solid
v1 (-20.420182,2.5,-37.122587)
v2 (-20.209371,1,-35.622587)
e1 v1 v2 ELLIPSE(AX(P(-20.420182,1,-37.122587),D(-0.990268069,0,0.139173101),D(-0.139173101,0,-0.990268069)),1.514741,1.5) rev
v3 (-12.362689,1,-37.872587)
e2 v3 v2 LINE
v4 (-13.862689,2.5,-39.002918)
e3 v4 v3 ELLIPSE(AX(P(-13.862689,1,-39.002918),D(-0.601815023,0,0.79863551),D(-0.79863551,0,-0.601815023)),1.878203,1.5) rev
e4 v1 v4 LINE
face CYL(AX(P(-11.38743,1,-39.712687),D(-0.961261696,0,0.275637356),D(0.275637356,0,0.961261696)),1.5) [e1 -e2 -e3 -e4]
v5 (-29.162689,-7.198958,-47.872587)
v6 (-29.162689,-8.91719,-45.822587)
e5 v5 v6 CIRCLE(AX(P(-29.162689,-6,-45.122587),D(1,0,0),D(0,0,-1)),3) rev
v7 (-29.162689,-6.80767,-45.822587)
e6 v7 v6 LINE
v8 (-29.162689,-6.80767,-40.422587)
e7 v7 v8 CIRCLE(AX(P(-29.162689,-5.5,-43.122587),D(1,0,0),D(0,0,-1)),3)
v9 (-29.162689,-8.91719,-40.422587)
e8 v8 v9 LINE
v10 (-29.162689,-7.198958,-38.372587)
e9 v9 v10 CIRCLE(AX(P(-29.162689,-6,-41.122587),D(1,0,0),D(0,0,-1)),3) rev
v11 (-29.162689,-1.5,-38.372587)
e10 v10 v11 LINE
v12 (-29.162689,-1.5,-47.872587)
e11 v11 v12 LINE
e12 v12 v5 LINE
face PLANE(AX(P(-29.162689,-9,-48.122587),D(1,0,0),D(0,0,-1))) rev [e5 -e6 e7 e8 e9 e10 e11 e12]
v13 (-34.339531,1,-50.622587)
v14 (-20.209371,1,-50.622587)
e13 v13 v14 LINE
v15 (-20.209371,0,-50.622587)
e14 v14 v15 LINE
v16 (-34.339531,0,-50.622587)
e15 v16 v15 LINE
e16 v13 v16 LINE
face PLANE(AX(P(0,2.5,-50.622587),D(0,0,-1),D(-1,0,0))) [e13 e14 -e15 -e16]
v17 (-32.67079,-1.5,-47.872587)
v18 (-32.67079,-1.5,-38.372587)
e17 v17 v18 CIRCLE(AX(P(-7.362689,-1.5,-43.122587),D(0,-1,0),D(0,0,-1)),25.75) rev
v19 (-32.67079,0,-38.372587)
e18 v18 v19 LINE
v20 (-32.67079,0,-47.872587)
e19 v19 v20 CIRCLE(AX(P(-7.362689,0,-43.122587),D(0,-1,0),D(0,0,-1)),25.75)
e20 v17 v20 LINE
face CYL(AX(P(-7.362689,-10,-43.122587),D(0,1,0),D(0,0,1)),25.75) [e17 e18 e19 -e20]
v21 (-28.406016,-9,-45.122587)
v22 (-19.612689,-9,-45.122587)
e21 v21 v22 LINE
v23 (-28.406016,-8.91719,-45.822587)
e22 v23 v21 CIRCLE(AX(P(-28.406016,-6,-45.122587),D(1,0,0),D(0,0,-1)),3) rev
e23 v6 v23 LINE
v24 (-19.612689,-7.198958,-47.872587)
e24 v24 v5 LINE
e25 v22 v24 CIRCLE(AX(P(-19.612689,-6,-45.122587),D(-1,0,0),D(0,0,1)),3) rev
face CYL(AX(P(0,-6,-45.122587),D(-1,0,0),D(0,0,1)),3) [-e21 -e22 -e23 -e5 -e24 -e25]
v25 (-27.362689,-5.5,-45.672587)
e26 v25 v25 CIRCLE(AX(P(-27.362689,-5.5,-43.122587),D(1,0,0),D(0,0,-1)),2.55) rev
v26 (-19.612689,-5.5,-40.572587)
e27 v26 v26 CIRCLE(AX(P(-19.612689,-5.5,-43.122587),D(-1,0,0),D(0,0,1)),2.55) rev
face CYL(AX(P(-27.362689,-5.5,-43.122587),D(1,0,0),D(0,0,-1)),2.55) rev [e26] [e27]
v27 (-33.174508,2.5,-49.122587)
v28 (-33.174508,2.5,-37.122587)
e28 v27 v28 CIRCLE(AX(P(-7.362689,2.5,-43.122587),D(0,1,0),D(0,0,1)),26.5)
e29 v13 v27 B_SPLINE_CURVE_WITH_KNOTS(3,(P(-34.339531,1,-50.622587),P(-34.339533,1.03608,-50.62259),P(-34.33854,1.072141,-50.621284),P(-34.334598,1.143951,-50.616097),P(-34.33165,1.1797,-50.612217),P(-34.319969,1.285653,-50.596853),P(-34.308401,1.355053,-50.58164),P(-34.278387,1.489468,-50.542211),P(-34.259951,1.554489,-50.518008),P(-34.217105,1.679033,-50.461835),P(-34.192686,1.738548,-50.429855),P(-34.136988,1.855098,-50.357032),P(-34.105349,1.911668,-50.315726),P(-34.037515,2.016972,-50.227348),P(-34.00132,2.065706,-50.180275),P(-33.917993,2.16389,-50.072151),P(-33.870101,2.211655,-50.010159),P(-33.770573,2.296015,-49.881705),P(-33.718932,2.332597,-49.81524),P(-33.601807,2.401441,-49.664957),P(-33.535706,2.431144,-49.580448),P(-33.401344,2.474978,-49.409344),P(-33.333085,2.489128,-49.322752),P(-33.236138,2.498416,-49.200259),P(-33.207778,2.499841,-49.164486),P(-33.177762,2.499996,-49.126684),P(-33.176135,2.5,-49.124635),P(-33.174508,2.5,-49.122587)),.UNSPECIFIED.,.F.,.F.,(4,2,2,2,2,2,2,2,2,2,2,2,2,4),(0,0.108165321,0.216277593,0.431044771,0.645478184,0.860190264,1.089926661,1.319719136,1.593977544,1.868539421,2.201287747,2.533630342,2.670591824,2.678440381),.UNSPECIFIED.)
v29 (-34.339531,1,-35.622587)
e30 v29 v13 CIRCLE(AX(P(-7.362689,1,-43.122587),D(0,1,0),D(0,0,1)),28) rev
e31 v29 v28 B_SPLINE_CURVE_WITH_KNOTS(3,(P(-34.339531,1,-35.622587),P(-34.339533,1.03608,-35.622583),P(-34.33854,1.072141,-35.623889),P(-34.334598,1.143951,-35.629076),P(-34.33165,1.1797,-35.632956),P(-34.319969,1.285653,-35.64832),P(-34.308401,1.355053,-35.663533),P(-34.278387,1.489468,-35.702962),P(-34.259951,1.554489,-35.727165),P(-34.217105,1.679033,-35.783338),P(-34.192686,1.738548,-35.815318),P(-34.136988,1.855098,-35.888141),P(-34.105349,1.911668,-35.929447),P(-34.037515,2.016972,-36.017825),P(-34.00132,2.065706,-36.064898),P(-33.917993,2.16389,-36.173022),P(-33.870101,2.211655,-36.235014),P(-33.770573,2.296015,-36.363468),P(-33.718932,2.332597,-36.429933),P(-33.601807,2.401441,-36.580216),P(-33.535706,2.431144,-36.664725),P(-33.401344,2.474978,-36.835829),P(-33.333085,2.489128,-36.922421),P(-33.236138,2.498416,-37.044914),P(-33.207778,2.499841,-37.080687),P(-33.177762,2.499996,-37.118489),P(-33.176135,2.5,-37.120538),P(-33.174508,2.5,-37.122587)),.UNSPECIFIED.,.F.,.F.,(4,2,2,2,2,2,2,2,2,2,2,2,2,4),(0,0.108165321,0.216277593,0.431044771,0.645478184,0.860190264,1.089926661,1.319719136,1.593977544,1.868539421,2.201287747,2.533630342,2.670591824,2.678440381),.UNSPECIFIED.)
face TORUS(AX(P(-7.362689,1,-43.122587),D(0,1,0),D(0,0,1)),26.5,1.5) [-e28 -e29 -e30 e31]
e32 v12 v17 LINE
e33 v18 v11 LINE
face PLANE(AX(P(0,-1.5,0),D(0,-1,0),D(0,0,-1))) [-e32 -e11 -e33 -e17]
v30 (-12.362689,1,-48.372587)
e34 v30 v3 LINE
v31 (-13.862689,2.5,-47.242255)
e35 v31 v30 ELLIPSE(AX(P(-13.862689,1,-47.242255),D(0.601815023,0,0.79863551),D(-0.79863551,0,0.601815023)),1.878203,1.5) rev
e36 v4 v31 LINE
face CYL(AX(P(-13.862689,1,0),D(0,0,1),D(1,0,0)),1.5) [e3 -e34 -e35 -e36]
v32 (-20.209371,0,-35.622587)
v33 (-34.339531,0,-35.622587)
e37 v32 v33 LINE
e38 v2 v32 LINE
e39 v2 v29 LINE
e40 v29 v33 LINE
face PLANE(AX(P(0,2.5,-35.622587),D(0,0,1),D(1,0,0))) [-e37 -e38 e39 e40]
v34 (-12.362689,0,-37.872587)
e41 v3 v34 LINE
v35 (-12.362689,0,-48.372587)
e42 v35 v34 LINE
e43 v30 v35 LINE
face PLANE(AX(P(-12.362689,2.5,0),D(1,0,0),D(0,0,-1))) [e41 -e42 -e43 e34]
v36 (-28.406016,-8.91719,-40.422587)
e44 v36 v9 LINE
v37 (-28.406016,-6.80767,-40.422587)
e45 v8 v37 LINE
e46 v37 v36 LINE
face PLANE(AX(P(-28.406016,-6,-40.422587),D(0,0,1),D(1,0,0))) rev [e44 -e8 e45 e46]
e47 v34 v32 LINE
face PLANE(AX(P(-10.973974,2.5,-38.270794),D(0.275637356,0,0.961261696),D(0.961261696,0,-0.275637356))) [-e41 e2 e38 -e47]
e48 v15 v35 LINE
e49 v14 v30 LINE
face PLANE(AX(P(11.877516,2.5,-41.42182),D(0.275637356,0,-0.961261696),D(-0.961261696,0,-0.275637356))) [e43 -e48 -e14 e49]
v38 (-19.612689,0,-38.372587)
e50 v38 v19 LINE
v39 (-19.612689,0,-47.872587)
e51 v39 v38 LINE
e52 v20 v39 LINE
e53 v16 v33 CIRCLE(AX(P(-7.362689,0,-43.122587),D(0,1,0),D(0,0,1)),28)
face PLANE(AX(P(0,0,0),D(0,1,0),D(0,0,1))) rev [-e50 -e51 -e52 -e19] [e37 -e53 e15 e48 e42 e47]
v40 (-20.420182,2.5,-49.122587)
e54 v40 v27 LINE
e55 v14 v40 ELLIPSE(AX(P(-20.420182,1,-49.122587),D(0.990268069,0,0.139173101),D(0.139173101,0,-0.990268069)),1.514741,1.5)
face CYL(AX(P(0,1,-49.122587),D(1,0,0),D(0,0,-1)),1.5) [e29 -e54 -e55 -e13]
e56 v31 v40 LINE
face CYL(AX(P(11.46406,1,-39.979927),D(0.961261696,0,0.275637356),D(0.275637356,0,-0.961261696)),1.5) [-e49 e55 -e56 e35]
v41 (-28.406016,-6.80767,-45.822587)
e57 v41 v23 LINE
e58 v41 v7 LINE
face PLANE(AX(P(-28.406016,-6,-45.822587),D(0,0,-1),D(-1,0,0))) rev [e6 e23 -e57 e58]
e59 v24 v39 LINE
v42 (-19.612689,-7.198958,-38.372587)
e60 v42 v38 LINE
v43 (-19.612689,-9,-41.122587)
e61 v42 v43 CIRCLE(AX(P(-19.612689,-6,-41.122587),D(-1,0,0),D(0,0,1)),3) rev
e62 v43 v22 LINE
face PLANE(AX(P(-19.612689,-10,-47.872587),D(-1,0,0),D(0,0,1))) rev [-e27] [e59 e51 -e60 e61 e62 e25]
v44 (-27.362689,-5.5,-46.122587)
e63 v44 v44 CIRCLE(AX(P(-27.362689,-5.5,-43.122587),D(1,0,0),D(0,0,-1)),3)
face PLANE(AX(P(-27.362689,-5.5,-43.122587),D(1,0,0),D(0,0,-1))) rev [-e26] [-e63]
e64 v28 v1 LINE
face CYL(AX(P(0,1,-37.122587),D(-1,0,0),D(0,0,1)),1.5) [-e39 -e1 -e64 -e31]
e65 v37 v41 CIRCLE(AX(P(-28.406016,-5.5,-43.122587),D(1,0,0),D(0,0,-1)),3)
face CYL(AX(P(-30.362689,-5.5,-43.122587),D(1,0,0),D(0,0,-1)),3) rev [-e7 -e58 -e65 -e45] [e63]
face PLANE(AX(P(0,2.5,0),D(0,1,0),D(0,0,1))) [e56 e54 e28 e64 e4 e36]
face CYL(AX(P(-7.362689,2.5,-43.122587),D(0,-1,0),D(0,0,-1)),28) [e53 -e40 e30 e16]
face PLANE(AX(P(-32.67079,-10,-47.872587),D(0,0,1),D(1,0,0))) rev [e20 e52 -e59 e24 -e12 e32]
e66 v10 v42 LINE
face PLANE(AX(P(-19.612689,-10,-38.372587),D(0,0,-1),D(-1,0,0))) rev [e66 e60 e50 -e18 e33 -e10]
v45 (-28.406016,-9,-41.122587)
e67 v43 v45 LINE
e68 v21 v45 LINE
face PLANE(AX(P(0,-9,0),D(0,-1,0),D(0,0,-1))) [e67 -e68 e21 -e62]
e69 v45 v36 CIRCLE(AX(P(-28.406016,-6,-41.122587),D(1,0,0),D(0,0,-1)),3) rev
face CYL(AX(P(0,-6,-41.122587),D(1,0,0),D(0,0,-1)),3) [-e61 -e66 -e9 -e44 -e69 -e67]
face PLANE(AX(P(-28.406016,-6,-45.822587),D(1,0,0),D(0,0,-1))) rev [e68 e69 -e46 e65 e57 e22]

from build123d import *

# Parameters (mm, degrees)
BOSS_EXTRUDE1_DEPTH      = 2.5
BOSS_EXTRUDE2_DEPTH      = 1.5
BOSS_EXTRUDE2_DEPTH_BACK = 1.5
FILLET1_R                = 1.5
SKETCH5_W                = 9.8
SKETCH5_H                = 10
BOSS_EXTRUDE3_DEPTH      = 7.5
SKETCH6_R                = 2.55
CUT_EXTRUDE1_DEPTH       = 8
FILLET2_R                = 3
SKETCH8_R                = 3
SKETCH8_R_2              = 2.6
BOSS_EXTRUDE4_DEPTH      = 0.8
SKETCH9_W                = 0.75667274
SKETCH9_H                = 5.4
CUT_EXTRUDE3_DEPTH       = 3
SKETCH10_R               = 3
CUT_EXTRUDE4_DEPTH       = 3
CUT_EXTRUDE5_DEPTH       = 10


with BuildPart() as part:
    # Sketch1 → Boss-Extrude1 (new body)
    with BuildSketch(Plane(origin=(0, 0, 0), x_dir=(1, 0, 0), z_dir=(0, 1, 0))):
        with BuildLine():
            Line((-20.209371097, 50.622586501), (-32.257467167, 50.622586501))
            ThreePointArc((-32.257467167, 50.622586501), (-33.362688598, 43.122586501), (-32.257467167, 35.622586501))
            Line((-32.257467167, 35.622586501), (-20.209371097, 35.622586501))
            Line((-20.209371097, 35.622586501), (-12.362688598, 37.872586501))
            Line((-12.362688598, 37.872586501), (-12.362688598, 48.372586501))
            Line((-12.362688598, 48.372586501), (-20.209371097, 50.622586501))
        make_face()
        with BuildLine():
            Line((-32.257467167, 50.622586501), (-34.339530518, 50.622586501))
            ThreePointArc((-34.339530518, 50.622586501), (-35.362688598, 43.122586501), (-34.339530518, 35.622586501))
            Line((-34.339530518, 35.622586501), (-32.257467167, 35.622586501))
            ThreePointArc((-32.257467167, 35.622586501), (-33.362688598, 43.122586501), (-32.257467167, 50.622586501))
        make_face()
    extrude(amount=BOSS_EXTRUDE1_DEPTH)

    # Sketch4 → Boss-Extrude2 (add, two sides)
    with BuildSketch(Plane.XZ) as boss_extrude2_sk:
        with BuildLine():
            Line((-19.362688598, -38.122586501), (-32.877390242, -38.122586501))
            ThreePointArc((-32.877390242, -38.122586501), (-33.362688598, -43.122586501), (-32.877390242, -48.122586501))
            Line((-32.877390242, -48.122586501), (-19.362688598, -48.122586501))
            Line((-19.362688598, -48.122586501), (-19.362688598, -38.122586501))
        make_face()
    extrude(amount=BOSS_EXTRUDE2_DEPTH)
    extrude(boss_extrude2_sk.sketch, amount=-BOSS_EXTRUDE2_DEPTH_BACK)

    # Fillet1
    fillet1_edges = [part.edges().sort_by_distance(p)[0] for p in [
        (-27.274450808, 2.5, -35.622586501),
        (-16.286029847, 2.5, -36.747586501),
        (-12.362688598, 2.5, -43.122586501),
        (-16.286029847, 2.5, -49.497586501),
        (-27.274450808, 2.5, -50.622586501),
        (-35.362688598, 2.5, -43.122586501),
    ]]
    fillet(fillet1_edges, radius=FILLET1_R)

    # Sketch5 → Boss-Extrude3 (add)
    with BuildSketch(Plane.XZ.offset(1.5)):
        with Locations((-24.262688598, -43.122586501)):
            Rectangle(SKETCH5_W, SKETCH5_H)
    extrude(amount=BOSS_EXTRUDE3_DEPTH)

    # Sketch6 → Cut-Extrude1 (cut)
    with BuildSketch(Plane(origin=(-19.362688598, 0, 0), x_dir=(0, 0, -1), z_dir=(1, 0, 0))):
        with Locations((43.122586501, -5.5)):
            Circle(SKETCH6_R)
    extrude(amount=-CUT_EXTRUDE1_DEPTH, mode=Mode.SUBTRACT)

    # Fillet2
    fillet2_edges = [part.edges().sort_by_distance(p)[0] for p in [
        (-24.262688598, -9, -38.122586501),
        (-24.262688598, -9, -48.122586501),
    ]]
    fillet(fillet2_edges, radius=FILLET2_R)

    # Sketch8 → Boss-Extrude4 (add)
    with BuildSketch(Plane.ZY.offset(29.162688598)):
        with Locations((-43.122586501, -5.5)):
            Circle(SKETCH8_R)
        with Locations((-43.122586501, -5.5)):
            Circle(SKETCH8_R_2, mode=Mode.SUBTRACT)
    extrude(amount=-BOSS_EXTRUDE4_DEPTH)

    # Sketch9 → Cut-Extrude3 (cut)
    with BuildSketch(Plane(origin=(0, -9, 0), x_dir=(-1, 0, 0), z_dir=(0, -1, 0))):
        with Locations((28.784352228, 43.122586501)):
            Rectangle(SKETCH9_W, SKETCH9_H)
    extrude(amount=-CUT_EXTRUDE3_DEPTH, mode=Mode.SUBTRACT)

    # Sketch10 → Cut-Extrude4 (cut)
    with BuildSketch(Plane(origin=(-27.362688598, 0, 0), x_dir=(0, 0, -1), z_dir=(1, 0, 0))):
        with Locations((43.122586501, -5.5)):
            Circle(SKETCH10_R)
    extrude(amount=-CUT_EXTRUDE4_DEPTH, mode=Mode.SUBTRACT)

    # Sketch11 → Cut-Extrude5 (cut)
    with BuildSketch(Plane.XZ):
        with BuildLine():
            Line((-19.362688598, -38.122586501), (-32.877390242, -38.122586501))
            ThreePointArc((-32.877390242, -38.122586501), (-33.362688598, -43.122586501), (-32.877390242, -48.122586501))
            Line((-32.877390242, -48.122586501), (-19.362688598, -48.122586501))
            Line((-19.362688598, -48.122586501), (-19.362688598, -38.122586501))
        make_face()
        with BuildLine():
            Line((-19.612688598, -38.372586501), (-32.670790068, -38.372586501))
            ThreePointArc((-32.670790068, -38.372586501), (-33.112688598, -43.122586501), (-32.670790068, -47.872586501))
            Line((-32.670790068, -47.872586501), (-19.612688598, -47.872586501))
            Line((-19.612688598, -47.872586501), (-19.612688598, -38.372586501))
        make_face(mode=Mode.SUBTRACT)
    extrude(amount=CUT_EXTRUDE5_DEPTH, mode=Mode.SUBTRACT)


solid = part.part
